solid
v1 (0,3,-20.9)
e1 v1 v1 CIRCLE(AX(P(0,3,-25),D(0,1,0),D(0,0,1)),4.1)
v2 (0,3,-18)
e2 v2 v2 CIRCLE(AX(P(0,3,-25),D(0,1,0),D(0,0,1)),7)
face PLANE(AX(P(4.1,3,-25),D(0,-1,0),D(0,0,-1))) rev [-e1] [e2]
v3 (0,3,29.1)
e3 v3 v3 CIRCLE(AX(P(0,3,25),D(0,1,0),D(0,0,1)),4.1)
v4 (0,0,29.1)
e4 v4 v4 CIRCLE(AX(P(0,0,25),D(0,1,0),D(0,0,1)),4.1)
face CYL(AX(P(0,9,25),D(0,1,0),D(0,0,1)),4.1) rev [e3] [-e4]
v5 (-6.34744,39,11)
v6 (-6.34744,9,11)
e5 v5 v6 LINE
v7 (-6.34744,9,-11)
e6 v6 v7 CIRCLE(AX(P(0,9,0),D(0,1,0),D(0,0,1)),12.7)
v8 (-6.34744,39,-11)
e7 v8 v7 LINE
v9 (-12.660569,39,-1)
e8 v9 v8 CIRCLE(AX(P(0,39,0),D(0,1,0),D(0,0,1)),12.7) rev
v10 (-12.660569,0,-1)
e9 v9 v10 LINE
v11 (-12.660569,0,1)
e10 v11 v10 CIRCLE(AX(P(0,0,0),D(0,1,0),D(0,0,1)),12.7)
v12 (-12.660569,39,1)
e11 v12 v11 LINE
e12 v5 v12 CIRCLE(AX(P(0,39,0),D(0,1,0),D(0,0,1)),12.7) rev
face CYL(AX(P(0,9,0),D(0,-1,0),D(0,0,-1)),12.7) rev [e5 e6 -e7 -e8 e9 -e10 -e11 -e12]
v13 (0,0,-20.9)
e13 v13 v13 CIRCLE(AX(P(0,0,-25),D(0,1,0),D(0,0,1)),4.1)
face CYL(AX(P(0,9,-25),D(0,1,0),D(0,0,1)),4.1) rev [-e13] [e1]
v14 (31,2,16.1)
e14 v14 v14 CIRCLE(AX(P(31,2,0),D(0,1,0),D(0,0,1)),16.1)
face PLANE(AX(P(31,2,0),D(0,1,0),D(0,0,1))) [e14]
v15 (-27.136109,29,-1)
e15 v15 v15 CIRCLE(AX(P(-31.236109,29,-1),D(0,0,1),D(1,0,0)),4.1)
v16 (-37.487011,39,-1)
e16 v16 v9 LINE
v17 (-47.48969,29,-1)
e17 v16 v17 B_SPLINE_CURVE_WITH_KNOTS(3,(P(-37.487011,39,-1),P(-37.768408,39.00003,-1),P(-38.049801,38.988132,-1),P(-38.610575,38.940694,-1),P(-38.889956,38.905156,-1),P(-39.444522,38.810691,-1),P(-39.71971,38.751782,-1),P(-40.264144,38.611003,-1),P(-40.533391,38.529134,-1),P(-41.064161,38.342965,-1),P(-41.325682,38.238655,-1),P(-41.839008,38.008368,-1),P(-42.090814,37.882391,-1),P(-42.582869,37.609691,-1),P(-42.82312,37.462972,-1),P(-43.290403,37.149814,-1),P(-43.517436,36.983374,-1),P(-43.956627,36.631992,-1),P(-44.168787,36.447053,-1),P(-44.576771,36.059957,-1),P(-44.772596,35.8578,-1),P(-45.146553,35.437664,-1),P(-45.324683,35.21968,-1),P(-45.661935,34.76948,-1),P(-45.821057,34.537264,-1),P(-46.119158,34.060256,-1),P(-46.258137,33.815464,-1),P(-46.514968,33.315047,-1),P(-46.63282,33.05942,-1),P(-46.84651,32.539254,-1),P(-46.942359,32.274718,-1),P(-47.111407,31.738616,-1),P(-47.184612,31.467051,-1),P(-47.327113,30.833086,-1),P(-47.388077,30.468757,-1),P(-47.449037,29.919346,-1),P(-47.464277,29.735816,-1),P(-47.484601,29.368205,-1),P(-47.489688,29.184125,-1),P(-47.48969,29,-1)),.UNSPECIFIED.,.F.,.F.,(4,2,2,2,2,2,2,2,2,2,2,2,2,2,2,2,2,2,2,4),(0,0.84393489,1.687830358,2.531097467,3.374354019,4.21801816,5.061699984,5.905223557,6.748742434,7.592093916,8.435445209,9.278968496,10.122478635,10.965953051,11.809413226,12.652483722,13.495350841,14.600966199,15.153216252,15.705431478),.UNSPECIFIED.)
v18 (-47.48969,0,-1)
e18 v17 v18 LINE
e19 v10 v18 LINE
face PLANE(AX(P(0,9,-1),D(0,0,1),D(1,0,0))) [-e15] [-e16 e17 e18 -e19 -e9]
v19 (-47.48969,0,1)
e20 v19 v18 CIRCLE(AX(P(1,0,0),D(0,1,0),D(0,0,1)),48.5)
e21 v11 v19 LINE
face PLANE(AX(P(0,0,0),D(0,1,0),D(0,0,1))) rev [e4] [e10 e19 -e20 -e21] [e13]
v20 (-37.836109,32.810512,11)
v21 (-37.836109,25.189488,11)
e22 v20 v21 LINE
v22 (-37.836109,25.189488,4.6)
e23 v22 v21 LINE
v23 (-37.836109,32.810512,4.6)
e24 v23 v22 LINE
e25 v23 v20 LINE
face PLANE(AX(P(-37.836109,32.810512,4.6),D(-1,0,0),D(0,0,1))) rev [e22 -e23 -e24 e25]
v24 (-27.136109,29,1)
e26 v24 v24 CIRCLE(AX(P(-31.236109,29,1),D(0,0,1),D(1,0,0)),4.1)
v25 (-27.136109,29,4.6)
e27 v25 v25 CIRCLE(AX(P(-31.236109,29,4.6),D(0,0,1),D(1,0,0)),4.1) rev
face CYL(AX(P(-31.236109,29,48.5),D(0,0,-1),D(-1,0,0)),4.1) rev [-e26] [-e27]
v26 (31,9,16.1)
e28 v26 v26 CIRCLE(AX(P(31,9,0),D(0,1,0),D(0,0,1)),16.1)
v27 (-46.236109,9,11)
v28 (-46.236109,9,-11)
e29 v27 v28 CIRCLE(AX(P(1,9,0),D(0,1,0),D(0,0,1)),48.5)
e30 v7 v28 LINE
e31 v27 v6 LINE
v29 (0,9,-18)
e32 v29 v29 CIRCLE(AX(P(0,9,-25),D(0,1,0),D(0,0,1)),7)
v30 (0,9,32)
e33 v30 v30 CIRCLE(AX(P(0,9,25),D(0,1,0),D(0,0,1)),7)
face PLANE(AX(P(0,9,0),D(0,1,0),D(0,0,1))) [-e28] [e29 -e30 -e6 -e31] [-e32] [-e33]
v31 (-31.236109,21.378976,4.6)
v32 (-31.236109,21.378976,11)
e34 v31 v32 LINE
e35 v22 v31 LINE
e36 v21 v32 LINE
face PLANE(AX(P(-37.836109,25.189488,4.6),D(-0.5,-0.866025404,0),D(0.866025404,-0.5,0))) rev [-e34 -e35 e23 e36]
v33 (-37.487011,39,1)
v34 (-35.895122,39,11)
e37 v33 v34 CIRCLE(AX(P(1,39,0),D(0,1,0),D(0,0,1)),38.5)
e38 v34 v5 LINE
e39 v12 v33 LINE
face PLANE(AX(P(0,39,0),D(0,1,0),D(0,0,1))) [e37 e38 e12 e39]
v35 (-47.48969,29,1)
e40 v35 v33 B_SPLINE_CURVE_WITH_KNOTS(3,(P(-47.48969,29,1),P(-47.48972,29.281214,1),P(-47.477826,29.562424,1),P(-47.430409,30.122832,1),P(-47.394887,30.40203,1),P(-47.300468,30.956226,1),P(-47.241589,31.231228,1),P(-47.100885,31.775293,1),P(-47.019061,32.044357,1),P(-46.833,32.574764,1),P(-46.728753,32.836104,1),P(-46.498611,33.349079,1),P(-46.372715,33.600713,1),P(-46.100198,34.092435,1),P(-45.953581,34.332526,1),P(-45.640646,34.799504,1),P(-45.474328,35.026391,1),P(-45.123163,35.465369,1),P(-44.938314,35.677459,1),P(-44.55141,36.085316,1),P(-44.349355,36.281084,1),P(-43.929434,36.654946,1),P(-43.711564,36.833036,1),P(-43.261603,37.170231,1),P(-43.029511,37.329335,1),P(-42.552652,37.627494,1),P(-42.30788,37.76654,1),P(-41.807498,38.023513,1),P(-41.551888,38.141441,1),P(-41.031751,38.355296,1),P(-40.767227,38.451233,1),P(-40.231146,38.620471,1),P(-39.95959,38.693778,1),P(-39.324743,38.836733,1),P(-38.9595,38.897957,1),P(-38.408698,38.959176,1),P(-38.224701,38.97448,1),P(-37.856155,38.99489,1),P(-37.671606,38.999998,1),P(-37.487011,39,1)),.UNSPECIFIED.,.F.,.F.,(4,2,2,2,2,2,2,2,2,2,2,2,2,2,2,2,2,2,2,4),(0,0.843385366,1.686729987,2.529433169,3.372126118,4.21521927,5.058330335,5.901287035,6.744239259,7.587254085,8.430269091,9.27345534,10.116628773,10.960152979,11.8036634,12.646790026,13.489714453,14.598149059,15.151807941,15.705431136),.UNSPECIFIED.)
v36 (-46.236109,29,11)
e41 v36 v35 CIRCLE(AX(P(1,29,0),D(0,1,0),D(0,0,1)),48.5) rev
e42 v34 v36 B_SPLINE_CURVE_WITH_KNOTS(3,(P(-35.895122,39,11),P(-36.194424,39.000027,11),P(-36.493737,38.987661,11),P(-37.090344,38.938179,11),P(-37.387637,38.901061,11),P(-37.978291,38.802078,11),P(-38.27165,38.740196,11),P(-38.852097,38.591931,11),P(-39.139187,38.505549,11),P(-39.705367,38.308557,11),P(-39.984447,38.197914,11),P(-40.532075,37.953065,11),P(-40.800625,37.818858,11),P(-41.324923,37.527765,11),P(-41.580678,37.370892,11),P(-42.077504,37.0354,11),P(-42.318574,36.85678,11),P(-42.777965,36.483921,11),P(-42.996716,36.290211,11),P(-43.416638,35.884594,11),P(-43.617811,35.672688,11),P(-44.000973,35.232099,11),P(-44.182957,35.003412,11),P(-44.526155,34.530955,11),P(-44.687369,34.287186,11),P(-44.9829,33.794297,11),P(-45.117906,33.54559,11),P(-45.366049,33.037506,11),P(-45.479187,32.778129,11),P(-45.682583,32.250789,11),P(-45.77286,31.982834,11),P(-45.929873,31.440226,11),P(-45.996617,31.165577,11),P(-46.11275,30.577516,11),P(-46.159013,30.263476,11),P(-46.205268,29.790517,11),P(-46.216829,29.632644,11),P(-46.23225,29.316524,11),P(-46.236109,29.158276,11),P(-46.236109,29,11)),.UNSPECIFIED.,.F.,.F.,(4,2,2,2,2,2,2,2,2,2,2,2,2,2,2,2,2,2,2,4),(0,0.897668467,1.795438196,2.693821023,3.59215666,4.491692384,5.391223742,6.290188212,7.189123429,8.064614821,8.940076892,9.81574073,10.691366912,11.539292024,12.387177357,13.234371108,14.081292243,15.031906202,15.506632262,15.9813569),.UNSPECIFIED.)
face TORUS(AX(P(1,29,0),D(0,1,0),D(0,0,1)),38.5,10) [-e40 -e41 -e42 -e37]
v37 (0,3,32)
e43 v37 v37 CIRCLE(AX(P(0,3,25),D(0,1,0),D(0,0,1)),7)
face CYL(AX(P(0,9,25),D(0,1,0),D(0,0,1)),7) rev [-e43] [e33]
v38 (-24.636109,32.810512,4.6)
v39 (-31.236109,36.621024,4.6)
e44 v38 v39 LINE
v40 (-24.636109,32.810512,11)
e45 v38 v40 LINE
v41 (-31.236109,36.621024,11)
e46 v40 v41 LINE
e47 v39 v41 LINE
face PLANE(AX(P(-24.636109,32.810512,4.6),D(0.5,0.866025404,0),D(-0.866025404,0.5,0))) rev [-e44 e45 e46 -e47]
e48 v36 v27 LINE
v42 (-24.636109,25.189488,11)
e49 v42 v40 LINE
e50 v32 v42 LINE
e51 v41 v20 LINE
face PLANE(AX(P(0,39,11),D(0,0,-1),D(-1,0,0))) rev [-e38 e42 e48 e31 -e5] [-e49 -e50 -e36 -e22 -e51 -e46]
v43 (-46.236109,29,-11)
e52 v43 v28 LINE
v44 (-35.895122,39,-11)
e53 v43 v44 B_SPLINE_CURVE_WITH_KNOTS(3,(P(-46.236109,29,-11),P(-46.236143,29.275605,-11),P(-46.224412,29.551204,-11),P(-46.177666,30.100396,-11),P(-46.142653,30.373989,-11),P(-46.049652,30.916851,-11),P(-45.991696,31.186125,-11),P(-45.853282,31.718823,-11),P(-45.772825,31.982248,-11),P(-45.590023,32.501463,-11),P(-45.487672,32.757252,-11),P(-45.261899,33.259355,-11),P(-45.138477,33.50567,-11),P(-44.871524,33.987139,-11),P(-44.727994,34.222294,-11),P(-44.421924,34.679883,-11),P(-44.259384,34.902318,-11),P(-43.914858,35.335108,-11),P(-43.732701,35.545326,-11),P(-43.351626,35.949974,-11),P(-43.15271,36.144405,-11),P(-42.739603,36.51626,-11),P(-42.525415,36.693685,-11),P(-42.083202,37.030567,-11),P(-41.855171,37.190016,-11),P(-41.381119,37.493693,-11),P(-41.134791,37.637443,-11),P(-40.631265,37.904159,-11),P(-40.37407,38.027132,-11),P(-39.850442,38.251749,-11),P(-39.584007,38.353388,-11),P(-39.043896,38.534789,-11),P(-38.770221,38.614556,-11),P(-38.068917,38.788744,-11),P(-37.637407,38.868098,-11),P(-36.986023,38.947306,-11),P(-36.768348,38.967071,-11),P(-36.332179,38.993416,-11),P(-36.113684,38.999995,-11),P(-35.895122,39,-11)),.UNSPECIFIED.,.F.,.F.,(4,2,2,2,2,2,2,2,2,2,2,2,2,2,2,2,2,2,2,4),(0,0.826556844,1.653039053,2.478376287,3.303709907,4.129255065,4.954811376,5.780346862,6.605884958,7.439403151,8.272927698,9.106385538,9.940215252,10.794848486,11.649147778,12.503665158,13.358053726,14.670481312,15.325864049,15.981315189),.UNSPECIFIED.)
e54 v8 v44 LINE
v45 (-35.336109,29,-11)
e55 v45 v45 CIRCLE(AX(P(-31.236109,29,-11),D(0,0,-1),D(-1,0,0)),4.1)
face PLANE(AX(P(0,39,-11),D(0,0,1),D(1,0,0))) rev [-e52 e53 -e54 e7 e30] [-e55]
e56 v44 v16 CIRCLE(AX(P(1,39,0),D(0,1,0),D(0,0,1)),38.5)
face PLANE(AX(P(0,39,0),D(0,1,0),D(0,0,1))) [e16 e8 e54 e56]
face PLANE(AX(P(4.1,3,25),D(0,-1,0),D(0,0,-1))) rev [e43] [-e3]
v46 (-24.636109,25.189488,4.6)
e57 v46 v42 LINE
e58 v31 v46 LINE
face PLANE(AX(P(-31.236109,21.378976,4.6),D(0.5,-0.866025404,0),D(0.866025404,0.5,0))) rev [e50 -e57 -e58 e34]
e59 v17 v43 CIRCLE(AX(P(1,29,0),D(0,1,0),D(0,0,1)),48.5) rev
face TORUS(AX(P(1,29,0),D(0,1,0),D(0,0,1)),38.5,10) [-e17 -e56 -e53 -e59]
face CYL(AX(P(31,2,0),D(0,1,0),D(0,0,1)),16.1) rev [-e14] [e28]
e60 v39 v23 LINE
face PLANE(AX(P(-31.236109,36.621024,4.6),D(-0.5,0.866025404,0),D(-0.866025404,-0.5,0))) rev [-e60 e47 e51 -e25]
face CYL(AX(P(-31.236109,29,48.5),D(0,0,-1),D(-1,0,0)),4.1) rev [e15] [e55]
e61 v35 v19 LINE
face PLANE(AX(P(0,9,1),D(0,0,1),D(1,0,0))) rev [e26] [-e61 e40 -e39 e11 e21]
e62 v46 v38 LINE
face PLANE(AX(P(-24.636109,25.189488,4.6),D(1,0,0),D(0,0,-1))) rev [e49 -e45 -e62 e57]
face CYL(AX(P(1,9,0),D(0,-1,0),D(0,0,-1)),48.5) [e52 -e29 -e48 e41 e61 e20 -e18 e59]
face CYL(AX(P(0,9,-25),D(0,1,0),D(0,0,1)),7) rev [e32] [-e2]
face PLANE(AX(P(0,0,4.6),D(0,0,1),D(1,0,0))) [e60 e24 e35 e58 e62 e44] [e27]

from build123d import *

# Parameters (mm, degrees)
BOSS_EXTRUDE2_DEPTH                     = 9
SKETCH4_R                               = 16.1
CUT_EXTRUDE1_DEPTH                      = 7
CBORE_FOR_M8_HEX_HEAD_BOLT1_D           = 8.2
CBORE_FOR_M8_HEX_HEAD_BOLT1_DEPTH       = 10
CBORE_FOR_M8_HEX_HEAD_BOLT1_CBORE_D     = 14
CBORE_FOR_M8_HEX_HEAD_BOLT1_CBORE_DEPTH = 6
CBORE_FOR_M8_HEX_HEAD_BOLT1_TIP         = 2.463528538
BOSS_EXTRUDE3_DEPTH                     = 30
SKETCH8_R                               = 4.1
CUT_EXTRUDE2_DEPTH                      = 87.668910227
CUT_EXTRUDE3_DEPTH                      = 6.4
FILLET1_R                               = 10


with BuildPart() as part:
    # Sketch2 → Boss-Extrude2 (new body)
    with BuildSketch(Plane(origin=(0, 0, 0), x_dir=(1, 0, 0), z_dir=(0, 1, 0))):
        with BuildLine():
            Line((-47.489689626, 1), (-12.660568708, 1))
            ThreePointArc((-12.660568708, 1), (0.500388556, 12.690138348), (12.7, 0))
            ThreePointArc((12.7, 0), (0.500388556, -12.690138348), (-12.660568708, -1))
            Line((-12.660568708, -1), (-47.489689626, -1))
            ThreePointArc((-47.489689626, -1), (1.500026575, -48.497422338), (49.5, 0))
            ThreePointArc((49.5, 0), (1.500026575, 48.497422338), (-47.489689626, 1))
        make_face()
    extrude(amount=BOSS_EXTRUDE2_DEPTH)

    # Sketch4 → Cut-Extrude1 (cut)
    with BuildSketch(Plane(origin=(0, 9, 0), x_dir=(1, 0, 0), z_dir=(0, 1, 0))):
        with Locations(Location((31, 0, 0), (0, 0, 270))):
            Circle(SKETCH4_R)
    extrude(amount=-CUT_EXTRUDE1_DEPTH, mode=Mode.SUBTRACT)

    # CBORE for M8 Hex Head Bolt1
    with Locations(Plane(origin=(0, 9, 25), x_dir=(0, 0, 1), z_dir=(0, 1, 0))):
        with Locations((0, 0), (-50, 0)):
            CounterBoreHole(CBORE_FOR_M8_HEX_HEAD_BOLT1_D / 2, CBORE_FOR_M8_HEX_HEAD_BOLT1_CBORE_D / 2, CBORE_FOR_M8_HEX_HEAD_BOLT1_CBORE_DEPTH, depth=CBORE_FOR_M8_HEX_HEAD_BOLT1_DEPTH)
            with Locations((0, 0, -(CBORE_FOR_M8_HEX_HEAD_BOLT1_DEPTH + CBORE_FOR_M8_HEX_HEAD_BOLT1_TIP / 2))):  # 118° drill point
                Cone(0, CBORE_FOR_M8_HEX_HEAD_BOLT1_D / 2, CBORE_FOR_M8_HEX_HEAD_BOLT1_TIP, mode=Mode.SUBTRACT)

    # Sketch7 → Boss-Extrude3 (add)
    with BuildSketch(Plane(origin=(0, 9, 0), x_dir=(1, 0, 0), z_dir=(0, 1, 0))):
        with BuildLine():
            Line((-46.236109069, -11), (-6.347440429, -11))
            ThreePointArc((-6.347440429, -11), (-10.738999154, -6.779667924), (-12.660568708, -1))
            Line((-12.660568708, -1), (-47.489689626, -1))
            ThreePointArc((-47.489689626, -1), (-47.123353312, -6.032650003), (-46.236109069, -11))
        make_face()
        with BuildLine():
            Line((-47.489689626, 1), (-12.660568708, 1))
            ThreePointArc((-12.660568708, 1), (-10.738999154, 6.779667924), (-6.347440429, 11))
            Line((-6.347440429, 11), (-46.236109069, 11))
            ThreePointArc((-46.236109069, 11), (-47.123353312, 6.032650003), (-47.489689626, 1))
        make_face()
    extrude(amount=BOSS_EXTRUDE3_DEPTH)

    # Sketch8 → Cut-Extrude2 (cut, through all)
    with BuildSketch(Plane(origin=(0, 0, -11), x_dir=(-1, 0, 0), z_dir=(0, 0, -1))):
        with Locations((31.236109069, 29)):
            Circle(SKETCH8_R)
    extrude(amount=-CUT_EXTRUDE2_DEPTH, mode=Mode.SUBTRACT)

    # Sketch9 → Cut-Extrude3 (cut)
    with BuildSketch(Plane.XY.offset(11)):
        Polygon((-24.636109069, 25.189488223), (-24.636109069, 32.810511777), (-31.236109069, 36.621023553), (-37.836109069, 32.810511777), (-37.836109069, 25.189488223), (-31.236109069, 21.378976447), align=None)
    extrude(amount=-CUT_EXTRUDE3_DEPTH, mode=Mode.SUBTRACT)

    # Fillet1
    fillet1_edges = [part.edges().sort_by_distance(p)[0] for p in [
        (-47.123353312, 39, 6.032650003),
        (-47.123353312, 39, -6.032650003),
    ]]
    fillet(fillet1_edges, radius=FILLET1_R)


solid = part.part
